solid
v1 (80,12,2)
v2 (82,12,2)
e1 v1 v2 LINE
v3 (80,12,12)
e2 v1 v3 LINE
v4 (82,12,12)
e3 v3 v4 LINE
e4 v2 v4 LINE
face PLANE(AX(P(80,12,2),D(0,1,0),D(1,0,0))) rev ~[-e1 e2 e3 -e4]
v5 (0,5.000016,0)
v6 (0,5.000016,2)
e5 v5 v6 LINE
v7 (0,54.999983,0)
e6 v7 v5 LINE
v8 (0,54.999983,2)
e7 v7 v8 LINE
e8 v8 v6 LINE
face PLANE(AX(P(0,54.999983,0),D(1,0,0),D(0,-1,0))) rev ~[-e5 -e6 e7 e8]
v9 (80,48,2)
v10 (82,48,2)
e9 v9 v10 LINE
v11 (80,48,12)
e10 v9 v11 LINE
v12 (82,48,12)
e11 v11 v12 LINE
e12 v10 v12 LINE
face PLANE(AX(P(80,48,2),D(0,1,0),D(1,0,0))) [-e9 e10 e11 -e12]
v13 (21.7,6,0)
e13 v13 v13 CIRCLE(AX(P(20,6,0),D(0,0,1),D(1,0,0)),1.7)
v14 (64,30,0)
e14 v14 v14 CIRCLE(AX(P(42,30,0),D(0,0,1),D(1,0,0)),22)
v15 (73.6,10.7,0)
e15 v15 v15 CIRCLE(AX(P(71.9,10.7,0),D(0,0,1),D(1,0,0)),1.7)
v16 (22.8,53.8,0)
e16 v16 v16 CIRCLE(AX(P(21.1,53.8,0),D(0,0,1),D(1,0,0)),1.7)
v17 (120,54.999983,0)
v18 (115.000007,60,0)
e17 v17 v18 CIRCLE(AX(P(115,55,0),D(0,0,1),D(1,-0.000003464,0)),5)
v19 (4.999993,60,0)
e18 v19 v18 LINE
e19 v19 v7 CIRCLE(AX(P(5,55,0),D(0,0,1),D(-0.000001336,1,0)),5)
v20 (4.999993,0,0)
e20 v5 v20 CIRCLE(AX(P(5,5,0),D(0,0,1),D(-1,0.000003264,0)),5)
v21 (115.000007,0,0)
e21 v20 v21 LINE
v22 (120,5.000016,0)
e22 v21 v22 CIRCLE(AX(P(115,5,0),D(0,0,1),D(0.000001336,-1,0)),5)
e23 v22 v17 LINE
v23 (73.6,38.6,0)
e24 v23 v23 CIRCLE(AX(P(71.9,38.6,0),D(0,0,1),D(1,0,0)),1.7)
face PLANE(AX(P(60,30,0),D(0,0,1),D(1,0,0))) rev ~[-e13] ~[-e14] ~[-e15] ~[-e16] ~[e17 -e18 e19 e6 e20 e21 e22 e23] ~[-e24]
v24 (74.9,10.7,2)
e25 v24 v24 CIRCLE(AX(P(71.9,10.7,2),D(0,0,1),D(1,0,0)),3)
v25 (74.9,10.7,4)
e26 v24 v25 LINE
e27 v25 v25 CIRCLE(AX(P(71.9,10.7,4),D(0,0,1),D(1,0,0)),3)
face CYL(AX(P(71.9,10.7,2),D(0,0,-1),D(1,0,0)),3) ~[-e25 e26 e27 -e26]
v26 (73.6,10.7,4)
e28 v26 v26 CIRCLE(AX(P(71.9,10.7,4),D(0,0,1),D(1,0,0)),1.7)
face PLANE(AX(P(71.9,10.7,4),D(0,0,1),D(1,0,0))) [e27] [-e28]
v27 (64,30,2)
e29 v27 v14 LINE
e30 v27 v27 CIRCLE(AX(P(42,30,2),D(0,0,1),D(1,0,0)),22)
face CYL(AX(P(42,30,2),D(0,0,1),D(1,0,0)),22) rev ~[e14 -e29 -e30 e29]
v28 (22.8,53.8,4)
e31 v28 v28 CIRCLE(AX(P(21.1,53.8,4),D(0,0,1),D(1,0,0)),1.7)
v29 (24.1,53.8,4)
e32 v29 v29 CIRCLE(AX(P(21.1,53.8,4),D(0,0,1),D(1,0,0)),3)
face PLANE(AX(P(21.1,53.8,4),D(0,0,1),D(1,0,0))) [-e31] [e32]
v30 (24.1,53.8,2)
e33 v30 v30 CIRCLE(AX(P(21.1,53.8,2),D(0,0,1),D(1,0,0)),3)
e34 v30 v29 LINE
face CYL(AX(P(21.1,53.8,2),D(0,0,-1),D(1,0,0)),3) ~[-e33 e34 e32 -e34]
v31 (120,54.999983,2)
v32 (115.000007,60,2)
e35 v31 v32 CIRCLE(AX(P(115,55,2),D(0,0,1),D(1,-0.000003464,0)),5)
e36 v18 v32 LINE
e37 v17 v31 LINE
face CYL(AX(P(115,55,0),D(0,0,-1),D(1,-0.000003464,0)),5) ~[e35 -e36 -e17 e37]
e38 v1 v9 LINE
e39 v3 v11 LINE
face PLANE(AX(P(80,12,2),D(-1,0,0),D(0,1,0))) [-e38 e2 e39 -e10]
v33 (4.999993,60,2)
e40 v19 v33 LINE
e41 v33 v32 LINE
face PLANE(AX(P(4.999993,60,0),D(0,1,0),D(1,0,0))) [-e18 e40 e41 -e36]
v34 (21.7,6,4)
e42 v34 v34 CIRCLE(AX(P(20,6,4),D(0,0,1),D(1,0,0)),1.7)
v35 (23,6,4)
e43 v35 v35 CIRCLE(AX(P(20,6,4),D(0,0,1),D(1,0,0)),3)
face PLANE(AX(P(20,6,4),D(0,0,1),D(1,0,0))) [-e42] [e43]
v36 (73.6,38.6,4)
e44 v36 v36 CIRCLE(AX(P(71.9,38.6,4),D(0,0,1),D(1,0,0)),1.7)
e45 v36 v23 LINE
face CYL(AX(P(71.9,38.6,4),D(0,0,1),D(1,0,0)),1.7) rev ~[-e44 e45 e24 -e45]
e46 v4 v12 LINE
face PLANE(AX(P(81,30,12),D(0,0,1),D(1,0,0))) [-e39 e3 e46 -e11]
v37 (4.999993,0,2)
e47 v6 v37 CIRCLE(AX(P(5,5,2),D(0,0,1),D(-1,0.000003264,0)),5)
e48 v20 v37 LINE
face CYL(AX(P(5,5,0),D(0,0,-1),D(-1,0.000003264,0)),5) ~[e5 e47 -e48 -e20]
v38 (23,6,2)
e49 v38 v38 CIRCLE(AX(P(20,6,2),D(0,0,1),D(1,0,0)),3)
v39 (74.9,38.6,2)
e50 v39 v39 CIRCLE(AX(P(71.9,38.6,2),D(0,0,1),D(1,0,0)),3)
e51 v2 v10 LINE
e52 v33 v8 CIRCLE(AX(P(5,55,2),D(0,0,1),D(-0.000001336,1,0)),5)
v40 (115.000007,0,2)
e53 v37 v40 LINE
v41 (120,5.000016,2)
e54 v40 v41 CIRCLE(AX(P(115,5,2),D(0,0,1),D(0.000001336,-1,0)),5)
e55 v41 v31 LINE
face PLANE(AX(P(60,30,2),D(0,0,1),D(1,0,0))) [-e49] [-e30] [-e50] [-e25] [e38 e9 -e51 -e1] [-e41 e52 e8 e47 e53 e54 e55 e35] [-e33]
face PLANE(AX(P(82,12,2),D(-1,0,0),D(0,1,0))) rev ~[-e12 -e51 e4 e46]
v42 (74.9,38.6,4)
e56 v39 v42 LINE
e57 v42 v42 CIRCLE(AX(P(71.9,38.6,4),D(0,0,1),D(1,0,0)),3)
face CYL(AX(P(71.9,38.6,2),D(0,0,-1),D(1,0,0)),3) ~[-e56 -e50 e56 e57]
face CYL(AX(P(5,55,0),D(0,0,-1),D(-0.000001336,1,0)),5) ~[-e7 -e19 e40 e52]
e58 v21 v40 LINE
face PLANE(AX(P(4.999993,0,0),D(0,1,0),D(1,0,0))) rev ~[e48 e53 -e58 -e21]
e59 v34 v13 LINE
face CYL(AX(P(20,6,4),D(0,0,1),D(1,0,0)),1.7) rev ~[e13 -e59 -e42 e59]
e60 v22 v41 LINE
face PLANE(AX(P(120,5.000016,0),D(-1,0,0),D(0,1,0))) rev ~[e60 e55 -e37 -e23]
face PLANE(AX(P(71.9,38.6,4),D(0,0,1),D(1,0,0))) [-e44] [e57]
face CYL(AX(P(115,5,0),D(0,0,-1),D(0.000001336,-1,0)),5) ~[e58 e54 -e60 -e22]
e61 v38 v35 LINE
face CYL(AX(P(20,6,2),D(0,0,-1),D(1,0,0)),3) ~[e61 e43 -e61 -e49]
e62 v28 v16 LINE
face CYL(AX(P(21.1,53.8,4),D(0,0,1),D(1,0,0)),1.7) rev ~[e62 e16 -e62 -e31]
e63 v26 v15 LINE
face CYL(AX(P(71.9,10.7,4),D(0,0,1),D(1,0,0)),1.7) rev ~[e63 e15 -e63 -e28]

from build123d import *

# Parameters (mm, degrees)
PAD_DEPTH       = 2
SKETCH001_R     = 3
PAD001_DEPTH    = 2
SKETCH002_R     = 1.7
POCKET_DEPTH    = 5
SKETCH003_W     = 2
SKETCH003_H     = 36
PAD002_DEPTH    = 10
SKETCH004_R     = 22
POCKET001_DEPTH = 5


with BuildPart() as part:
    # Sketch → Pad (new body)
    with BuildSketch(Plane.XY):
        with BuildLine():
            Line((4.999993, 0), (115.000007, 0))
            ThreePointArc((115.000007, 0), (118.535542, 1.464474), (120, 5.000016))
            Line((120, 5.000016), (120, 54.999983))
            ThreePointArc((120, 54.999983), (118.535543, 58.535525), (115.000007, 60))
            Line((4.999993, 60), (115.000007, 60))
            ThreePointArc((4.999993, 60), (1.464457, 58.535525), (0, 54.999983))
            Line((0, 54.999983), (0, 5.000016))
            ThreePointArc((0, 5.000016), (1.464458, 1.464474), (4.999993, 0))
        make_face()
    extrude(amount=PAD_DEPTH)

    # Sketch001 → Pad001 (new body)
    with BuildSketch(Plane.XY.offset(2)):
        with Locations((20, 6)):
            Circle(SKETCH001_R)
        with Locations((71.9, 10.7)):
            Circle(SKETCH001_R)
        with Locations((71.9, 38.6)):
            Circle(SKETCH001_R)
        with Locations((21.1, 53.8)):
            Circle(SKETCH001_R)
    extrude(amount=PAD001_DEPTH)

    # Sketch002 → Pocket (cut)
    with BuildSketch(Plane.XY.offset(4)):
        with Locations((20, 6)):
            Circle(SKETCH002_R)
        with Locations((71.9, 10.7)):
            Circle(SKETCH002_R)
        with Locations((71.9, 38.6)):
            Circle(SKETCH002_R)
        with Locations((21.1, 53.8)):
            Circle(SKETCH002_R)
    extrude(amount=-POCKET_DEPTH, mode=Mode.SUBTRACT)

    # Sketch003 → Pad002 (new body)
    with BuildSketch(Plane.XY.offset(2)):
        with Locations((81, 30)):
            Rectangle(SKETCH003_W, SKETCH003_H)
    extrude(amount=PAD002_DEPTH)

    # Sketch004 → Pocket001 (cut)
    with BuildSketch(Plane.XY.offset(2)):
        with Locations((42, 30)):
            Circle(SKETCH004_R)
    extrude(amount=-POCKET001_DEPTH, mode=Mode.SUBTRACT)


solid = part.part
